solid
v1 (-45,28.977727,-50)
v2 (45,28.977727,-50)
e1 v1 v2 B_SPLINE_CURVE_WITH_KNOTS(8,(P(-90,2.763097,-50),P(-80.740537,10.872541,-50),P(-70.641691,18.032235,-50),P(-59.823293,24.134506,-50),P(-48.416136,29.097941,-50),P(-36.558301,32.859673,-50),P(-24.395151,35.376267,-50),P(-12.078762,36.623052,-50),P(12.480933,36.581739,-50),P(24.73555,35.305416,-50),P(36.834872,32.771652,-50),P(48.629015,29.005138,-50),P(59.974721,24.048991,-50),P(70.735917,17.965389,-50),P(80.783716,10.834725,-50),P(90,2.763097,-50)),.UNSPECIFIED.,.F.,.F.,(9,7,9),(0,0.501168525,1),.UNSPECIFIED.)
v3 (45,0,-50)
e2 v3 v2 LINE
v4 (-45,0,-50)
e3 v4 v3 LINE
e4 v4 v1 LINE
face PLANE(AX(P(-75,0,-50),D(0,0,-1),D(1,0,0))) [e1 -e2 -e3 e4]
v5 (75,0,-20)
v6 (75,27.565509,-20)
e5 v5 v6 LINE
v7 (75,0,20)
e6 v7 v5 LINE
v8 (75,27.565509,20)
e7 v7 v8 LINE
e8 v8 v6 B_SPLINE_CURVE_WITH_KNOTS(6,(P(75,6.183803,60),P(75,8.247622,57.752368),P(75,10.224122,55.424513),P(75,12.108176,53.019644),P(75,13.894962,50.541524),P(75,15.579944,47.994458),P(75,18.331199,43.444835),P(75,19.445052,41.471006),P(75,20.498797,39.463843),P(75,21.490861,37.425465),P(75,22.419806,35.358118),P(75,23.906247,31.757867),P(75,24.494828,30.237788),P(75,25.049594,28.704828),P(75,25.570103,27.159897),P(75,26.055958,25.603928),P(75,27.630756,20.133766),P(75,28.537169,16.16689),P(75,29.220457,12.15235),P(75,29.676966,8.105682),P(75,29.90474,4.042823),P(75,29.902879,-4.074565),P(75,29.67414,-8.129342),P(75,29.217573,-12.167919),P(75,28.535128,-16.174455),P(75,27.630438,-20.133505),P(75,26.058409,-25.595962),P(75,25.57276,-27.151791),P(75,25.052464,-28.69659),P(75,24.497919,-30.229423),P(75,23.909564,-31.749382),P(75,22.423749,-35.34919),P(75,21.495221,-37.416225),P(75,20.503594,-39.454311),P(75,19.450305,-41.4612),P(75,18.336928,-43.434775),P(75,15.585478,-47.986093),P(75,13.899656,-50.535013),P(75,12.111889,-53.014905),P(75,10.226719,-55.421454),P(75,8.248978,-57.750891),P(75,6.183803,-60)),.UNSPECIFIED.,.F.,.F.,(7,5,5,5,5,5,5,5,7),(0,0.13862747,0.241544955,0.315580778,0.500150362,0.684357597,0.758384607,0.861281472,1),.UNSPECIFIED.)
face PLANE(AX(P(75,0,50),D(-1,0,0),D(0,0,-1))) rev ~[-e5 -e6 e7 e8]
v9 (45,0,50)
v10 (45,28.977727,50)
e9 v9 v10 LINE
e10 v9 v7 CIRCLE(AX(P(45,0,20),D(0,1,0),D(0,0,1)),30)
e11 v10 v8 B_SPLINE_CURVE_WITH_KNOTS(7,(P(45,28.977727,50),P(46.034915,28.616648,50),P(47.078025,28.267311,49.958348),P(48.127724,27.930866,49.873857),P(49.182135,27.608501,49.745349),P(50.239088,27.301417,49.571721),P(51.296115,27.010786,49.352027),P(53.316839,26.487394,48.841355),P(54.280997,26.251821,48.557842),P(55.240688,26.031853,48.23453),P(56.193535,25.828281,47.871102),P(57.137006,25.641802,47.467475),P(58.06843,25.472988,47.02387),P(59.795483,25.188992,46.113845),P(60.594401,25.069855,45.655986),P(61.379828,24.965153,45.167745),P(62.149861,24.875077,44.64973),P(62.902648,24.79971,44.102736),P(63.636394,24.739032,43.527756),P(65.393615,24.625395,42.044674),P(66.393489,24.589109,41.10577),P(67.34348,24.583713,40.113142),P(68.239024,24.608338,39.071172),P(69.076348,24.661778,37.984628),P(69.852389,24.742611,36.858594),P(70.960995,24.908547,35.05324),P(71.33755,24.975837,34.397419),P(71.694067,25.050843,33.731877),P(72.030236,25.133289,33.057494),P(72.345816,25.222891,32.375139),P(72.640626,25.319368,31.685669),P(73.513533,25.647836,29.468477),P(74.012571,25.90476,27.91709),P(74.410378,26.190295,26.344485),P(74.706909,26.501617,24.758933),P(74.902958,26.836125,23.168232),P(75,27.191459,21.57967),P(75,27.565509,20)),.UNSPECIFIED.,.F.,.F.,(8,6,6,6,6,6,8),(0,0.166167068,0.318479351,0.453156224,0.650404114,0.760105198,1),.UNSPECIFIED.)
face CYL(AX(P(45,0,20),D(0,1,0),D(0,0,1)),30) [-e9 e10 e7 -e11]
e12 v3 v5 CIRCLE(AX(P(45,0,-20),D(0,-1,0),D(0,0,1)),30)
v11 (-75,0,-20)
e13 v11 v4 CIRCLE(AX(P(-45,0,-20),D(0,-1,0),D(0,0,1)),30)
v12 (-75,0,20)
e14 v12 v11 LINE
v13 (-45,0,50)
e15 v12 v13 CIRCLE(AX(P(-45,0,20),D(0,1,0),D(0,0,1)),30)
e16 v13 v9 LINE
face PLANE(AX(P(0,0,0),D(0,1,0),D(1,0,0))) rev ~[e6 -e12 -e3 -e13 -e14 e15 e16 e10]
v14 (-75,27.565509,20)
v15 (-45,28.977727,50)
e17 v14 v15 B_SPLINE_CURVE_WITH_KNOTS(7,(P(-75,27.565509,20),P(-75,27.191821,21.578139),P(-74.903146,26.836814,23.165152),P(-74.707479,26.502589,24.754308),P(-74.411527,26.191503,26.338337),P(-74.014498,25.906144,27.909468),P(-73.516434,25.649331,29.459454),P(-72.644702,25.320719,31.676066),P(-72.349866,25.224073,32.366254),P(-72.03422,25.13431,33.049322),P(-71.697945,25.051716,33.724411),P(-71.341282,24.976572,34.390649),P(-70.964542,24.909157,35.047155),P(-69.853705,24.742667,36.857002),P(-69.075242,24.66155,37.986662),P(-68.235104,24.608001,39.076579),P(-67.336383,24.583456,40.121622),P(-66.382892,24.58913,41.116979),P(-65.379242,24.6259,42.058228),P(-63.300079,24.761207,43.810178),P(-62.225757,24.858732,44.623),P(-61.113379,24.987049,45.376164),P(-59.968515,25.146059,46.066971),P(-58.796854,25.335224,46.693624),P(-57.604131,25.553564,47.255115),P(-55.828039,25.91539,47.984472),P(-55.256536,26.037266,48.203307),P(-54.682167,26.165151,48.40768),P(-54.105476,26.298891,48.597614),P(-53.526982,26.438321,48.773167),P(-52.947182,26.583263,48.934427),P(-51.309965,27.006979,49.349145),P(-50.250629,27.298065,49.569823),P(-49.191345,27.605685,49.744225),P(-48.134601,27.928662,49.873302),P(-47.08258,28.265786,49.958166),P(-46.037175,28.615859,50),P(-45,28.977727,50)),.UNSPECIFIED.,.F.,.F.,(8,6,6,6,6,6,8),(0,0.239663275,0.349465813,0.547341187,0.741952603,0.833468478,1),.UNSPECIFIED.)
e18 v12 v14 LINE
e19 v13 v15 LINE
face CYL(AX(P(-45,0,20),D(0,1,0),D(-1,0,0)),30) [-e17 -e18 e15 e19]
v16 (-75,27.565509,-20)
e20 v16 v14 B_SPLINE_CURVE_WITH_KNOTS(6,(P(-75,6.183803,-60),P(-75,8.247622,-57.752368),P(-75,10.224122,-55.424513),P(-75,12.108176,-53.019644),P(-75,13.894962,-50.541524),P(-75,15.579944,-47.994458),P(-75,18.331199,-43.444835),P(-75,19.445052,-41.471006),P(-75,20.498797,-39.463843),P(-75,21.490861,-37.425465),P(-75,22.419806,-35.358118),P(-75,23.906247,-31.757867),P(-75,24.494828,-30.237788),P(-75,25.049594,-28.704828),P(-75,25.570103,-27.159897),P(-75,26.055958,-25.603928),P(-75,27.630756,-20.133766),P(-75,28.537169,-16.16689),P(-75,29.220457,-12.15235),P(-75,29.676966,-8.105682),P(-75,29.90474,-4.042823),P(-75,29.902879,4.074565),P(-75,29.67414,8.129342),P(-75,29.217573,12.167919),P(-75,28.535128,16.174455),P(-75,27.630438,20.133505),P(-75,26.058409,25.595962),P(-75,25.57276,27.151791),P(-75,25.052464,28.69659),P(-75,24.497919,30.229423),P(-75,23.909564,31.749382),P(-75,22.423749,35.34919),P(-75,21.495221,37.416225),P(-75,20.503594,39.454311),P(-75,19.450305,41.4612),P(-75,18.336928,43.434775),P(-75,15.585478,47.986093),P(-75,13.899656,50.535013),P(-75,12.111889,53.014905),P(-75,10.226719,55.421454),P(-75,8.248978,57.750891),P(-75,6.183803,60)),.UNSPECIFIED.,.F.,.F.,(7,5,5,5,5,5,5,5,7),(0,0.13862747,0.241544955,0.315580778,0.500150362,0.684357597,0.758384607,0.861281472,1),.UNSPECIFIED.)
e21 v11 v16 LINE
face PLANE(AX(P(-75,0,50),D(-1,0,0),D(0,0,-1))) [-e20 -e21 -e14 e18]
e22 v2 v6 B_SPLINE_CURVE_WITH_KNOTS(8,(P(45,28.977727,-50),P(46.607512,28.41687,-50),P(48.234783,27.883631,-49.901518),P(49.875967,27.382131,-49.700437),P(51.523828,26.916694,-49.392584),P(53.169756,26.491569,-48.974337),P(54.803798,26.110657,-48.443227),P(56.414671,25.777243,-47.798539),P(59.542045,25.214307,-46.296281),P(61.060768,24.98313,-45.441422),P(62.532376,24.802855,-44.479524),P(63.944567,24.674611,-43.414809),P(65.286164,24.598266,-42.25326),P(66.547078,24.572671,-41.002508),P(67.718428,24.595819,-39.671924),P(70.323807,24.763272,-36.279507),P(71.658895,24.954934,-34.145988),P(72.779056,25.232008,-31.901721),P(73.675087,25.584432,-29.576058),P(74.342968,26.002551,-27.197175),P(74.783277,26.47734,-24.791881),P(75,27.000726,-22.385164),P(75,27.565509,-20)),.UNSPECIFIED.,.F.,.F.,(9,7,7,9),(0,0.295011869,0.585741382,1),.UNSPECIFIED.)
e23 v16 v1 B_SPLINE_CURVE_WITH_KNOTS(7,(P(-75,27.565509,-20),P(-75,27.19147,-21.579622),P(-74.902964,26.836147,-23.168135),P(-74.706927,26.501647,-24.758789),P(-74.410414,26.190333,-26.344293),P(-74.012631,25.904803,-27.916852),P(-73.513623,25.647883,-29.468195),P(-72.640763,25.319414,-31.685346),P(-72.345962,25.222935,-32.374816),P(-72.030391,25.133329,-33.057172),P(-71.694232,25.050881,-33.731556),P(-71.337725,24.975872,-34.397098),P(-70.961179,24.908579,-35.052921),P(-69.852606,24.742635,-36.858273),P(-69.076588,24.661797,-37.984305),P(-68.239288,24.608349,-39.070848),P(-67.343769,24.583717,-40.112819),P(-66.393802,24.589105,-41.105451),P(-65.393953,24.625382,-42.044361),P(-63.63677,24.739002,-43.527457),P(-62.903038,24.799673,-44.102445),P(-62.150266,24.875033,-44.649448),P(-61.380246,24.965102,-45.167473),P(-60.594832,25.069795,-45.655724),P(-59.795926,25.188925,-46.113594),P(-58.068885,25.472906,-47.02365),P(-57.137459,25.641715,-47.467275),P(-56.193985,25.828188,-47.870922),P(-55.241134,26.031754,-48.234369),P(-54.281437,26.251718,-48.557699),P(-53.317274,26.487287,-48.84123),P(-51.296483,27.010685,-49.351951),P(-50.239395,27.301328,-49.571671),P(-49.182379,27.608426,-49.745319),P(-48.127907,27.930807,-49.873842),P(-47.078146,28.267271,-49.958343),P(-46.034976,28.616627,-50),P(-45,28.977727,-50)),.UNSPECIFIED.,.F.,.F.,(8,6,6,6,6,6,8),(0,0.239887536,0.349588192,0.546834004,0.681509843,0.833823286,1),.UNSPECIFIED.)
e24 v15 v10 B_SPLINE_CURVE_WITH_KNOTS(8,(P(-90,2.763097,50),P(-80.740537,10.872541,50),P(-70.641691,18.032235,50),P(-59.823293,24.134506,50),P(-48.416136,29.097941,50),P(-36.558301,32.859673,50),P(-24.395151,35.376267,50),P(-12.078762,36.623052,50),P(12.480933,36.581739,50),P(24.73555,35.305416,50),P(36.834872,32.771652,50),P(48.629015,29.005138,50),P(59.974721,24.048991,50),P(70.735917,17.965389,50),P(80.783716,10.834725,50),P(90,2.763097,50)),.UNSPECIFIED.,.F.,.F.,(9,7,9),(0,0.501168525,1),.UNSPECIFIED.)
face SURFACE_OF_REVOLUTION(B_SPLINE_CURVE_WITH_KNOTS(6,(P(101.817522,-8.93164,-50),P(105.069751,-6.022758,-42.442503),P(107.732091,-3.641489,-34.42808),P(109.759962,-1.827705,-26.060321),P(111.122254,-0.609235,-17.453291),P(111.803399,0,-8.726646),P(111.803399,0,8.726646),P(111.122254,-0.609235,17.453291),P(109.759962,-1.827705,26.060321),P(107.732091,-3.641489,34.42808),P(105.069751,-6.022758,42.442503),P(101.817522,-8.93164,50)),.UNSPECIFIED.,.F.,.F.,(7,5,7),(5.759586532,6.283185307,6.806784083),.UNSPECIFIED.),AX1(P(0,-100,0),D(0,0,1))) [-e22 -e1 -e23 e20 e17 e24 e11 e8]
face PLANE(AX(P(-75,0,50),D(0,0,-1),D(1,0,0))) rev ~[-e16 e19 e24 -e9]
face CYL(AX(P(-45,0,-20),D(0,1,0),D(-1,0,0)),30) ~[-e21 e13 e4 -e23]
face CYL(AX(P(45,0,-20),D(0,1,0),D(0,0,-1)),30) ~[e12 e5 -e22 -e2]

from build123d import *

# Parameters (mm, degrees)
ESQUISSE2_W        = 150
ESQUISSE2_H        = 100
BOSS_EXTRU_1_DEPTH = 50
CONG_1_R           = 30


with BuildPart() as part:
    # Esquisse2 → Boss.-Extru.1 (new body)
    with BuildSketch(Plane(origin=(0, 0, 0), x_dir=(1, 0, 0), z_dir=(0, 1, 0))):
        Rectangle(ESQUISSE2_W, ESQUISSE2_H)
    extrude(amount=BOSS_EXTRU_1_DEPTH)

    # Enlèvement de matière-Balayage1: sweep along a path in Esquisse3
    with BuildLine(Plane.XY) as enl_vement_de_mati_re_balayage1_path:
        ThreePointArc((111.803398875, 0), (0, 50), (-111.803398875, 0))
    # Esquisse4 → Enlèvement de matière-Balayage1 (sweep, cut)
    with BuildSketch(Plane(origin=(0, 0, 0), x_dir=(0, 0, -1), z_dir=(1, 0, 0))):
        with BuildLine():
            Line((-86.602540378, 0), (-86.602540378, 100))
            Line((-86.602540378, 100), (86.602540378, 100))
            Line((86.602540378, 100), (86.602540378, 0))
            ThreePointArc((86.602540378, 0), (0, 50), (-86.602540378, 0))
        make_face()
    sweep(path=enl_vement_de_mati_re_balayage1_path.line, mode=Mode.SUBTRACT)

    # Congé1
    cong_1_edges = [part.edges().sort_by_distance(p)[0] for p in [
        (-75, 7.086018511, 50),
        (-75, 7.086018511, -50),
        (75, 7.086018511, -50),
        (75, 7.086018511, 50),
    ]]
    fillet(cong_1_edges, radius=CONG_1_R)


solid = part.part
